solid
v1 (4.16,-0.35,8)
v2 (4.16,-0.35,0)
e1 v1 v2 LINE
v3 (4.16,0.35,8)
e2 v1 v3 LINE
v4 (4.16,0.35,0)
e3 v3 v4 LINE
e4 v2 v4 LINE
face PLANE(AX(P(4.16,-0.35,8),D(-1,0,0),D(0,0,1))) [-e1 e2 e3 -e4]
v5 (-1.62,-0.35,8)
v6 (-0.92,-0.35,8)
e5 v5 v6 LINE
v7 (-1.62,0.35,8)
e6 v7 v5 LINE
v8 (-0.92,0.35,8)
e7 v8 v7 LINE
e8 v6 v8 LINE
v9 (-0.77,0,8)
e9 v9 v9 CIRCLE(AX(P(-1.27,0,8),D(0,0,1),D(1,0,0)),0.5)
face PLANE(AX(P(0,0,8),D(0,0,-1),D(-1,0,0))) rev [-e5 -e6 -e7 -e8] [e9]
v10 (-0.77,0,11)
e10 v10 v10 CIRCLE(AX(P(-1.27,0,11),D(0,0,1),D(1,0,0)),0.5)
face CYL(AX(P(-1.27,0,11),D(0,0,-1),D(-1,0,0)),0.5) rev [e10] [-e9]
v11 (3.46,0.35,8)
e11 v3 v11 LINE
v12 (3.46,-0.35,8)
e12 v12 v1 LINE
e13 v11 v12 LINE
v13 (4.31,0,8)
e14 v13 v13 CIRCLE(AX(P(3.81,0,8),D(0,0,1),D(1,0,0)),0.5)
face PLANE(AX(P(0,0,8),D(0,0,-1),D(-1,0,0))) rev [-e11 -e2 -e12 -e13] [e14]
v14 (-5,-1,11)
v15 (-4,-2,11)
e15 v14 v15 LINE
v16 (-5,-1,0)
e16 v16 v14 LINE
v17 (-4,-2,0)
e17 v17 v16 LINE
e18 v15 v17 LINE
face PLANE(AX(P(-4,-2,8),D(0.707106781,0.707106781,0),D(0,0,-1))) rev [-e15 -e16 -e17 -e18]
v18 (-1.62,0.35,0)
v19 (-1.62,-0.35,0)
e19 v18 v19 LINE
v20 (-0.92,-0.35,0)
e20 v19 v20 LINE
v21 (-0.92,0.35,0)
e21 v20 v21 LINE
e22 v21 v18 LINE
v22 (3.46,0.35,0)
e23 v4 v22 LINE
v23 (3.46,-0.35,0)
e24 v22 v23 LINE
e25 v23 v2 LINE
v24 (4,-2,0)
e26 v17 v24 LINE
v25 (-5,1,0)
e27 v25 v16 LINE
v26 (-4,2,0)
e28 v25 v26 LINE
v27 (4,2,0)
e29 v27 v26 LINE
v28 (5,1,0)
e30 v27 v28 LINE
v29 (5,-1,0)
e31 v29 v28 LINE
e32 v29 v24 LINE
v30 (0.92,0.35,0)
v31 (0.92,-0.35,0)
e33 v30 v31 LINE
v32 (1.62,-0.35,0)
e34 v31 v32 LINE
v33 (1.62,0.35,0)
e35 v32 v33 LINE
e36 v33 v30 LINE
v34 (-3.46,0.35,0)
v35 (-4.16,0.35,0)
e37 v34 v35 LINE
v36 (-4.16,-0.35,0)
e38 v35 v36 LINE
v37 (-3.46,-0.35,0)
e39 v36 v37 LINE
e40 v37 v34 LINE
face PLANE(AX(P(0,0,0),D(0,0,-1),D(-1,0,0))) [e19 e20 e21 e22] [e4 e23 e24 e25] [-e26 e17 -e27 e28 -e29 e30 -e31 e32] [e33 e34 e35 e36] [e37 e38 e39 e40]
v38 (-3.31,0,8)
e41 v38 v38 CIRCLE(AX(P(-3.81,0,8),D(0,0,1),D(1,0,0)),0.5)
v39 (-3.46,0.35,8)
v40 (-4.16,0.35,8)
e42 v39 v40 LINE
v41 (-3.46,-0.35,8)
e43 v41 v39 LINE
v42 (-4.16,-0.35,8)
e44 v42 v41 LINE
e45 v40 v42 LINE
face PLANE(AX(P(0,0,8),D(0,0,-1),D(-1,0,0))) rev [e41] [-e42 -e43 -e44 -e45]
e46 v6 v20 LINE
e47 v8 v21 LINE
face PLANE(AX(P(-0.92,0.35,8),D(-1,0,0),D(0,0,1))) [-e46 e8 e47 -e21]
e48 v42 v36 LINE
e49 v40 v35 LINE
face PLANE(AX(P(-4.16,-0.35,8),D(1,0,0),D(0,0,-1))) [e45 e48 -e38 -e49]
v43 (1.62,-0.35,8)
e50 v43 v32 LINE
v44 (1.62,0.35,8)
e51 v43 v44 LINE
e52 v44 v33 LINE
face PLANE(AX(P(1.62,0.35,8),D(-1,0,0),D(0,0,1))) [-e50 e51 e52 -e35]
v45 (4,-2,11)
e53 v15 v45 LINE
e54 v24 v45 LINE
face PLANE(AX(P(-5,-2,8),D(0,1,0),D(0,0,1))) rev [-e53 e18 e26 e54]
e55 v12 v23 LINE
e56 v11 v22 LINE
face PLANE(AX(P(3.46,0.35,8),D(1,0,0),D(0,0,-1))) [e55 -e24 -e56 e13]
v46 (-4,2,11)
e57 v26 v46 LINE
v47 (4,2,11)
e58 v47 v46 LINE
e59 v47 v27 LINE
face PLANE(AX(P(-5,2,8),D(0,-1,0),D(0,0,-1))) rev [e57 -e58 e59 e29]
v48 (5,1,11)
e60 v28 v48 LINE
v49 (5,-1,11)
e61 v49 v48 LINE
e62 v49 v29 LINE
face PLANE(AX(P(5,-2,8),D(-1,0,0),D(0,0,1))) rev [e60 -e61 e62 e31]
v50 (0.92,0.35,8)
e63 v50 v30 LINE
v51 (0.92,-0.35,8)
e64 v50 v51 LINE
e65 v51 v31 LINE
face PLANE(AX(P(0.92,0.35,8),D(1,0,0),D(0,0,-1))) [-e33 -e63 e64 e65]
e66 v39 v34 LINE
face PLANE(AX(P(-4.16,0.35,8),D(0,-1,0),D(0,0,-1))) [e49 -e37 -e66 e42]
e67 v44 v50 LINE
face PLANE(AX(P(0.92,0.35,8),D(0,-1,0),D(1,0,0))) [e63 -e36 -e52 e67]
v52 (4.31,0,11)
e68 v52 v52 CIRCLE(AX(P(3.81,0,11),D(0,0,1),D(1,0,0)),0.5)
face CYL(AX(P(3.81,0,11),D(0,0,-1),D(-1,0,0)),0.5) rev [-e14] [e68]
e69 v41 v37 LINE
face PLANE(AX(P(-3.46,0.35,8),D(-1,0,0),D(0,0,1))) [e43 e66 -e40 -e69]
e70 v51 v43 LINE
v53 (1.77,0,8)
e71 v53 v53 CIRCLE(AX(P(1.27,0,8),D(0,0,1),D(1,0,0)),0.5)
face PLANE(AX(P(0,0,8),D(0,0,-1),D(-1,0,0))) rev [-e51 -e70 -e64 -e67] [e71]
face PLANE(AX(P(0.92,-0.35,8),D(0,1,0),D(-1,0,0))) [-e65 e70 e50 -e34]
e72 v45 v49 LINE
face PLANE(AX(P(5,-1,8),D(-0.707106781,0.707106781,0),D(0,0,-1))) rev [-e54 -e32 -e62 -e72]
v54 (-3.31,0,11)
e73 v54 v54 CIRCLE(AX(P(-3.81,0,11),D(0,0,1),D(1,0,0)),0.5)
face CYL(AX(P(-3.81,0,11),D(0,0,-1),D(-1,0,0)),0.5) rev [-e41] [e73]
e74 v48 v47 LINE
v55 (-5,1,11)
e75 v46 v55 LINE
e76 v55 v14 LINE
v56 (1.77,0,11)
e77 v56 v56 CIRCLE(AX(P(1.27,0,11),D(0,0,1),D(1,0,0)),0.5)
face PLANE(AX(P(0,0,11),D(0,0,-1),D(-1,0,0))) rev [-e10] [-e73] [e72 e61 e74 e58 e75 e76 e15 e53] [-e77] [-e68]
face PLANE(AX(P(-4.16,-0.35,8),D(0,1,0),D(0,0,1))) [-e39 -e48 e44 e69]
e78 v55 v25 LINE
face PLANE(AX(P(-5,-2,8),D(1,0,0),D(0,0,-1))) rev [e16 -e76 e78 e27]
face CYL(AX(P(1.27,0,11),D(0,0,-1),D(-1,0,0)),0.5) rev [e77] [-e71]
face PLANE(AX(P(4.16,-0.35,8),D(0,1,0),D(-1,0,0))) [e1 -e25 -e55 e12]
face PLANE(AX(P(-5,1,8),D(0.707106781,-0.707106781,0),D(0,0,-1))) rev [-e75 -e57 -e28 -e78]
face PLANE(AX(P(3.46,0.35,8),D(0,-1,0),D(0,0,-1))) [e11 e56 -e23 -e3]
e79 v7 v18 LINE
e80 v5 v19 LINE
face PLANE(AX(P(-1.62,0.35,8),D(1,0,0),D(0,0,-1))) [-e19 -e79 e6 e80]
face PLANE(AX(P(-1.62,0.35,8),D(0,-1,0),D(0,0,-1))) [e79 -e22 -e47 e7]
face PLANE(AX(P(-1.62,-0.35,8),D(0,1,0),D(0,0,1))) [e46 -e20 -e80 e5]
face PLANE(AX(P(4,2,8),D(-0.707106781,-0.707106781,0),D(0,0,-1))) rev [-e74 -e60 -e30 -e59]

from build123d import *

# Parameters (mm, degrees)
SKETCH_5_W      = 10
SKETCH_5_H      = 4
SKETCH_5_W_2    = 0.7
SKETCH_5_H_2    = 0.7
EXTRUDE_2_DEPTH = 8
SKETCH_6_W      = 10
SKETCH_6_H      = 4
SKETCH_6_R      = 0.5
EXTRUDE_3_DEPTH = 3
CHAMFER_3_SIZE  = 1


with BuildPart() as part:
    # Эскиз5 → Бобышка-Вытянуть2 (new body)
    with BuildSketch(Plane.XY):
        Rectangle(SKETCH_5_W, SKETCH_5_H)
        with Locations((-3.81, 0)):
            Rectangle(SKETCH_5_W_2, SKETCH_5_H_2, mode=Mode.SUBTRACT)
        with Locations((3.81, 0)):
            Rectangle(SKETCH_5_W_2, SKETCH_5_H_2, mode=Mode.SUBTRACT)
        with Locations((-1.27, 0)):
            Rectangle(SKETCH_5_W_2, SKETCH_5_H_2, mode=Mode.SUBTRACT)
        with Locations((1.27, 0)):
            Rectangle(SKETCH_5_W_2, SKETCH_5_H_2, mode=Mode.SUBTRACT)
    extrude(amount=EXTRUDE_2_DEPTH)

    # Эскиз6 → Бобышка-Вытянуть3 (add)
    with BuildSketch(Plane.XY.offset(8)):
        Rectangle(SKETCH_6_W, SKETCH_6_H)
        with Locations((-3.81, 0)):
            Circle(SKETCH_6_R, mode=Mode.SUBTRACT)
        with Locations((-1.27, 0)):
            Circle(SKETCH_6_R, mode=Mode.SUBTRACT)
        with Locations((1.27, 0)):
            Circle(SKETCH_6_R, mode=Mode.SUBTRACT)
        with Locations((3.81, 0)):
            Circle(SKETCH_6_R, mode=Mode.SUBTRACT)
    extrude(amount=EXTRUDE_3_DEPTH)

    # Фаска3
    chamfer_3_edges = [part.edges().sort_by_distance(p)[0] for p in [
        (5, -2, 5.5),
        (-5, -2, 5.5),
        (-5, 2, 5.5),
        (5, 2, 5.5),
    ]]
    chamfer(chamfer_3_edges, length=CHAMFER_3_SIZE)


solid = part.part
